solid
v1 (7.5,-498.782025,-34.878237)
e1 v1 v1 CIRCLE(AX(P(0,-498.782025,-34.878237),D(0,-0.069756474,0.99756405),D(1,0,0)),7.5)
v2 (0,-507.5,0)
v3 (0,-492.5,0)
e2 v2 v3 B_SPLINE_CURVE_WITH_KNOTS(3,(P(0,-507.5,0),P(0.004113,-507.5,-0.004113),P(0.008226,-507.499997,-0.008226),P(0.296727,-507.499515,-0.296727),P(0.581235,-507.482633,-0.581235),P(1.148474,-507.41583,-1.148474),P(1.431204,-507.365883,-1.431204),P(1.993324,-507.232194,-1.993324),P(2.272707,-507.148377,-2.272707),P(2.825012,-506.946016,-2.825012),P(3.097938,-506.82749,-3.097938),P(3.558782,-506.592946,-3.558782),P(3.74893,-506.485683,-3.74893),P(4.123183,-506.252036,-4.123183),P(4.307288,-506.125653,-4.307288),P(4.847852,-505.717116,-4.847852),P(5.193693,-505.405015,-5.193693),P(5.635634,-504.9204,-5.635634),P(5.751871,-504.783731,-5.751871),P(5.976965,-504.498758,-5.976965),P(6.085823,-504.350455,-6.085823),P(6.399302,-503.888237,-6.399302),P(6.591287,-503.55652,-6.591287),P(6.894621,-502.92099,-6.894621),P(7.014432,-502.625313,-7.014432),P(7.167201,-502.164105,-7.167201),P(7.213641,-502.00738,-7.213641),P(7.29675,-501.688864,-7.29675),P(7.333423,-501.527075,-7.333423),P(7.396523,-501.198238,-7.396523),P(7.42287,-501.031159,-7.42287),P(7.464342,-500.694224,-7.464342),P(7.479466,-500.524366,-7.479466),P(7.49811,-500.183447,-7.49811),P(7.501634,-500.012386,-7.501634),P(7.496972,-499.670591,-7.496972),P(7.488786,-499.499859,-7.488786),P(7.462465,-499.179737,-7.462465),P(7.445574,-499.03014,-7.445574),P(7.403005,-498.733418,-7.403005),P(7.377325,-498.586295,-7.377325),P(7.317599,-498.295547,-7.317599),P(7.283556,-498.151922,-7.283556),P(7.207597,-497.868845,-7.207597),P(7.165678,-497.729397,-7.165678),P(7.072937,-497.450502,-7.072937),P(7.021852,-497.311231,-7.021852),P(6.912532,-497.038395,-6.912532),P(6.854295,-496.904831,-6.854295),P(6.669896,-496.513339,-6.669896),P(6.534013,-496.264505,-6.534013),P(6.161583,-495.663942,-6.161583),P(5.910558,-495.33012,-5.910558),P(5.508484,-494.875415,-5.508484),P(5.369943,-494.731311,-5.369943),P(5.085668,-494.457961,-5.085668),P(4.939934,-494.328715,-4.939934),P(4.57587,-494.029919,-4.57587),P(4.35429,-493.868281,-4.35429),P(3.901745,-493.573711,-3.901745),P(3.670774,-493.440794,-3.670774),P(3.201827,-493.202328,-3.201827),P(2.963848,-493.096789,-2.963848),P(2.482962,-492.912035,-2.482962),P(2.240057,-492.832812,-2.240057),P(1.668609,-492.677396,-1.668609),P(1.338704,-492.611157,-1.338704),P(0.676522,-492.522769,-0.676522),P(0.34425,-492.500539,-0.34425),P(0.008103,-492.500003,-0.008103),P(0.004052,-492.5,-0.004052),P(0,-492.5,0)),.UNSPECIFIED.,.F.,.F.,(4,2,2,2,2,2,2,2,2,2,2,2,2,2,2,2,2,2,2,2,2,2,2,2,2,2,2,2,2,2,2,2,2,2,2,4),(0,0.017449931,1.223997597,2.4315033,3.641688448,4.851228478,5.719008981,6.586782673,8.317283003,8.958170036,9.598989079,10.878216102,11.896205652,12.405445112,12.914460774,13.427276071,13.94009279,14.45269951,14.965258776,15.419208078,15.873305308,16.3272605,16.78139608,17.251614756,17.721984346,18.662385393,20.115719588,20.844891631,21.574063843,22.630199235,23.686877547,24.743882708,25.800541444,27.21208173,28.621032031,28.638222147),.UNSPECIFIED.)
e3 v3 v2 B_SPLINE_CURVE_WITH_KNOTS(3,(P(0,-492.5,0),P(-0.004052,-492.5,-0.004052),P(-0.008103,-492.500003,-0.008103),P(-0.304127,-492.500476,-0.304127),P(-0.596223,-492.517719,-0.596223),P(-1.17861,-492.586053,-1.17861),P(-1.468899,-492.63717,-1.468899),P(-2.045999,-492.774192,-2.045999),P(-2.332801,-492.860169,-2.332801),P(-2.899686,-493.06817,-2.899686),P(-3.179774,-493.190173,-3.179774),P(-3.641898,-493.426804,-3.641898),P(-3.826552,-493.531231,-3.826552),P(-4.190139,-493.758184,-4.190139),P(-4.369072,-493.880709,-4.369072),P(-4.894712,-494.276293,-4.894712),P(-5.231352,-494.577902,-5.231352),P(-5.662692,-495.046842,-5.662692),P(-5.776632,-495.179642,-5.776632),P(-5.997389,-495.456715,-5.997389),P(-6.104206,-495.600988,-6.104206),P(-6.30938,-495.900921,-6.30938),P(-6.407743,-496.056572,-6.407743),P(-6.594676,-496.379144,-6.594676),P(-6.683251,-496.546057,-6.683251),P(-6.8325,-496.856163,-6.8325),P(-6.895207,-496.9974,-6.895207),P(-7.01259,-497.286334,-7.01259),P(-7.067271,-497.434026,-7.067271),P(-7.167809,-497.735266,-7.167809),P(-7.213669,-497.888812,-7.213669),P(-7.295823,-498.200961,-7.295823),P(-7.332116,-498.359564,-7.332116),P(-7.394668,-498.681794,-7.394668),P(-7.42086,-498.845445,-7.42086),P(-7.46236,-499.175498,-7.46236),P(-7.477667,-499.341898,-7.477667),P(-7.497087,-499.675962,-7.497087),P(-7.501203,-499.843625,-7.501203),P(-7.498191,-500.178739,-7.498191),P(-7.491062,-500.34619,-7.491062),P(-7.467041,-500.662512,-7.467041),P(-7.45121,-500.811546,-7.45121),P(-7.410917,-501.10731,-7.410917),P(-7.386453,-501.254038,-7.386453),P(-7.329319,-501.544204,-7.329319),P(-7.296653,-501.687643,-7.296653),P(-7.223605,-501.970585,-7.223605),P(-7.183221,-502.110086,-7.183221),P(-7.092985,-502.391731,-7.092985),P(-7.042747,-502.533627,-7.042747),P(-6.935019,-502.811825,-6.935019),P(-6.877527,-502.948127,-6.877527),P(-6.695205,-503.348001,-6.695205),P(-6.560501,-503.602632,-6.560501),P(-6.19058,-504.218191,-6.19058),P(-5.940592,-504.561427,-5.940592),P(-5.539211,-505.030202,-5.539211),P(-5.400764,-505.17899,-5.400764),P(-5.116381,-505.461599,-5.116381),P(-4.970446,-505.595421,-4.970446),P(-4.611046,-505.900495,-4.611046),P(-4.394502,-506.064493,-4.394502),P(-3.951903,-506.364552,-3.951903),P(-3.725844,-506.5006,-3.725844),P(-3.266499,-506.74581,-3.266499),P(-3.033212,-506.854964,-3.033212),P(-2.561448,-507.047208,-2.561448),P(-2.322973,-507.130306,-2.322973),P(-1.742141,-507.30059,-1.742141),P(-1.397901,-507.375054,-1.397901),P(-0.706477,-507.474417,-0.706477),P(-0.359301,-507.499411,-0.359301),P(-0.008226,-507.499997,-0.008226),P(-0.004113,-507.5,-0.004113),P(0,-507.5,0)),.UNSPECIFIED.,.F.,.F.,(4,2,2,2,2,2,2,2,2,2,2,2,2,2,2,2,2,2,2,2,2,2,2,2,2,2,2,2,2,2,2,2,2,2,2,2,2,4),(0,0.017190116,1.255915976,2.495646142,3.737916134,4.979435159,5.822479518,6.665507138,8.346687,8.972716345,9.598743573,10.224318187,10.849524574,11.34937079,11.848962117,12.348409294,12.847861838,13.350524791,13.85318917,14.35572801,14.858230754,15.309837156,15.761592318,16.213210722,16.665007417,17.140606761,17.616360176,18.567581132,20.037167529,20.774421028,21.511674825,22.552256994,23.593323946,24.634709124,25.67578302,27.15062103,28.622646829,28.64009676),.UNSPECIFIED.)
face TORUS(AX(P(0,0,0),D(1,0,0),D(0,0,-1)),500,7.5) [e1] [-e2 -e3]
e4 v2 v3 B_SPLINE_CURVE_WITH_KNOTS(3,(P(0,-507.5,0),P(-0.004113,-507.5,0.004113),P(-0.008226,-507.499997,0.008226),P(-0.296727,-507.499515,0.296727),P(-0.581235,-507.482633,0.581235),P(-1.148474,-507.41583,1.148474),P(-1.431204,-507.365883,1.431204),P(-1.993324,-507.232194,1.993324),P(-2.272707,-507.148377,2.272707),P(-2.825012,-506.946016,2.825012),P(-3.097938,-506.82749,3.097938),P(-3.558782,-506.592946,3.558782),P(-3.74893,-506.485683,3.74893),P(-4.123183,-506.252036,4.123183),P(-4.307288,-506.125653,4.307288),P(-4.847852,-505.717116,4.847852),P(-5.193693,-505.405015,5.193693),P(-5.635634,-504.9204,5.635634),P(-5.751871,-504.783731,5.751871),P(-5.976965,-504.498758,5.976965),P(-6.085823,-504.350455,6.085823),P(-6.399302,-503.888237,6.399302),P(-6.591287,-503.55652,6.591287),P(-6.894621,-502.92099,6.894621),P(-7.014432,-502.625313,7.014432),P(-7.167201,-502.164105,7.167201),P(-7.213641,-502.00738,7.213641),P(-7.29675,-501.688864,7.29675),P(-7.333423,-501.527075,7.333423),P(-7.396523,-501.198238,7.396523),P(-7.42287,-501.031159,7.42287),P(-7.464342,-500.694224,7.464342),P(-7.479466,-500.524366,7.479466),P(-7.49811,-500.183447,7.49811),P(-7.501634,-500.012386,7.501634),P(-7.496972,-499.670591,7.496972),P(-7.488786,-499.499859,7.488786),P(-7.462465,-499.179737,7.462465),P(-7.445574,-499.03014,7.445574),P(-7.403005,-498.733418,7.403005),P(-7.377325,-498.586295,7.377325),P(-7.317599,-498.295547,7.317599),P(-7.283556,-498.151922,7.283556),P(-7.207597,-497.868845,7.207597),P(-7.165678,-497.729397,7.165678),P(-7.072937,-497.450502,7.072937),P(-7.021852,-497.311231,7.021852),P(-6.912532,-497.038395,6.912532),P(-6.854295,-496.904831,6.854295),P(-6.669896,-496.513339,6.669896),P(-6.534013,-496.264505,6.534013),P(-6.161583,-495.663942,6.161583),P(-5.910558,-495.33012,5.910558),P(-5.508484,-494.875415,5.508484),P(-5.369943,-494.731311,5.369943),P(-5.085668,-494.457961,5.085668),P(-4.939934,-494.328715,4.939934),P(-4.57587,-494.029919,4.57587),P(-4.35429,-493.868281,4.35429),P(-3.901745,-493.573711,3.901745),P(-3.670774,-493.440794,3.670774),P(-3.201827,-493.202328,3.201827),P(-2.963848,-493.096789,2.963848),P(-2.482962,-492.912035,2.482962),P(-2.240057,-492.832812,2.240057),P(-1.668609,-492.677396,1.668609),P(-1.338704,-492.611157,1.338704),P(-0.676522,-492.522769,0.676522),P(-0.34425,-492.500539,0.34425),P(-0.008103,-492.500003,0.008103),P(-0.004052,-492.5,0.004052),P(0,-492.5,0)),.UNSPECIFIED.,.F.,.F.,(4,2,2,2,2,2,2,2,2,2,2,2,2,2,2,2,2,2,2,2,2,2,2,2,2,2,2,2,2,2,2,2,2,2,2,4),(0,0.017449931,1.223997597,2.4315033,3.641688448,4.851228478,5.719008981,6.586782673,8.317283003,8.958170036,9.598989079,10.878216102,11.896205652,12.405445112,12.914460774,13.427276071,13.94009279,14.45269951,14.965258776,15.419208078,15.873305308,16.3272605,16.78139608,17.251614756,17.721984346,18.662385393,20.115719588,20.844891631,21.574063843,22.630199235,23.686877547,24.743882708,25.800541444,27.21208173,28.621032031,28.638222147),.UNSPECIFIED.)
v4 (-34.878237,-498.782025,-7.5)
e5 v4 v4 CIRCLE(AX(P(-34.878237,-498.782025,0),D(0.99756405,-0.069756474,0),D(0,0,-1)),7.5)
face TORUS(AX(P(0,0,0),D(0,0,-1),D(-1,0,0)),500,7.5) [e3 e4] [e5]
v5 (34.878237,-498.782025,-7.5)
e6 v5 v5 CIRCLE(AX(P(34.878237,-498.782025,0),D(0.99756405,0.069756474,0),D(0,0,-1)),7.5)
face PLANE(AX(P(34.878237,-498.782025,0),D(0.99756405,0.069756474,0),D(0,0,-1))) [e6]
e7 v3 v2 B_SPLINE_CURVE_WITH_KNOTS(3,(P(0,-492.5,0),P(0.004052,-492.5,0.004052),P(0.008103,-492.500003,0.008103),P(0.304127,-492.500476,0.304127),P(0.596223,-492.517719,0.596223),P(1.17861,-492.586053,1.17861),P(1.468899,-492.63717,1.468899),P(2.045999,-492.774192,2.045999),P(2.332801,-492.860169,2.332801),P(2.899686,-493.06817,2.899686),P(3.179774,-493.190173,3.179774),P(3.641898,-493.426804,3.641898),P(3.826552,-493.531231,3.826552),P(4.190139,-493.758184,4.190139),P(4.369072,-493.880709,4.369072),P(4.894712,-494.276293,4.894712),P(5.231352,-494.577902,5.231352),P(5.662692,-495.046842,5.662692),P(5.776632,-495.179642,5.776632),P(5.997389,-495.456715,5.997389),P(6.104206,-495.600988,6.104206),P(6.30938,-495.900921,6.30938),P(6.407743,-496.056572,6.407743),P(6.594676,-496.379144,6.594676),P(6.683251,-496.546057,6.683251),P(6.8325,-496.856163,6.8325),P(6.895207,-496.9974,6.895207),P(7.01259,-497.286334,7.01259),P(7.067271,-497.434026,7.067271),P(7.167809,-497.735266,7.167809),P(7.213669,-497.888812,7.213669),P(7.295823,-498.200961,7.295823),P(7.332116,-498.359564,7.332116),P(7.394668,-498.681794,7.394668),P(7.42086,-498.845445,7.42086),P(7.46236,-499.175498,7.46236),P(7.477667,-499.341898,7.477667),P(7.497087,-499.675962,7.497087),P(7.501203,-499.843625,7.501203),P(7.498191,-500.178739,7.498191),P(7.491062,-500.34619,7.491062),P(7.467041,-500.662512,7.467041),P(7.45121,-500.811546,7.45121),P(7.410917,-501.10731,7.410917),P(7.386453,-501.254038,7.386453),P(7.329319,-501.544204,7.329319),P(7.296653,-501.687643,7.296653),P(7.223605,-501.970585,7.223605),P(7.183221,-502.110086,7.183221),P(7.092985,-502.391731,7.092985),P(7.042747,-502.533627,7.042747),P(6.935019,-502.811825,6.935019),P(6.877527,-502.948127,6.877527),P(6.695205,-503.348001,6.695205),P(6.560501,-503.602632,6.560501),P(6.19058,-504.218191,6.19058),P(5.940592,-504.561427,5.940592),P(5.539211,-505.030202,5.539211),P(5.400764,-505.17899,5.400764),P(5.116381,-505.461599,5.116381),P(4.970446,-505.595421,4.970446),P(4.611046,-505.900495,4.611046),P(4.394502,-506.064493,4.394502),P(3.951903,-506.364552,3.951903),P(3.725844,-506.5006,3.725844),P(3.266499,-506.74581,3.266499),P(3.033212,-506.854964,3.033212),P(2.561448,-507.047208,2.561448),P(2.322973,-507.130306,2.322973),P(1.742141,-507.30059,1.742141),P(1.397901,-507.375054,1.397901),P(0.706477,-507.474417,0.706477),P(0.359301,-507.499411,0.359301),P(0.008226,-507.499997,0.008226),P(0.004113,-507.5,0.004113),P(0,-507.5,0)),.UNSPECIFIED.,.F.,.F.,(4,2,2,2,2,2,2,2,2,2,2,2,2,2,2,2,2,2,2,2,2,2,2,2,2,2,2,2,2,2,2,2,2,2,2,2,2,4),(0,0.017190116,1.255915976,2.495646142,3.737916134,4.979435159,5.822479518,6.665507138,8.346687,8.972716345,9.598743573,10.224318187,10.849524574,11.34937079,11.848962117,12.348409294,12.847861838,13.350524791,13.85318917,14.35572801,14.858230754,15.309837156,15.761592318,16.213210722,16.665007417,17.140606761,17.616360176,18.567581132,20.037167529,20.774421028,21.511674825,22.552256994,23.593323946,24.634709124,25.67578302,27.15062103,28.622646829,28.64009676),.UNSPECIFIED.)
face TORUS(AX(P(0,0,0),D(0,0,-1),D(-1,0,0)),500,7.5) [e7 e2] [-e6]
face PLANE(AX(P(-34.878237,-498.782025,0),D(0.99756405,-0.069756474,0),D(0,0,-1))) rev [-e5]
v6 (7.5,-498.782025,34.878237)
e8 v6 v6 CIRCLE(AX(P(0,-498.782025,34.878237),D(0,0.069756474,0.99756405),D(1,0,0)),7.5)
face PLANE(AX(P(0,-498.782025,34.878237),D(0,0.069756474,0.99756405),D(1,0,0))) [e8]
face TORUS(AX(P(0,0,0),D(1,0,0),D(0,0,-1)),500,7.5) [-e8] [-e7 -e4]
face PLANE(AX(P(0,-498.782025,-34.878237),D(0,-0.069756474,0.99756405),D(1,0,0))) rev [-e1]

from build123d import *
from build123d.topology import SkipClean

# Parameters (mm, degrees)
SKETCH3_R                = 7.5
REVOLVE1_ANGLE           = 4
REVOLVE1_OTHER_WAY_ANGLE = 4
SKETCH4_R                = 7.5
REVOLVE2_ANGLE           = 4
REVOLVE2_OTHER_WAY_ANGLE = 4


with BuildPart() as part:
    # Sketch3 → Revolve1 (revolve)
    with BuildSketch(Plane.XY):
        with Locations((0, -500)):
            Circle(SKETCH3_R)
    revolve(axis=Axis((8.68934, 0, 0), (-1, 0, 0)), revolution_arc=REVOLVE1_ANGLE)

    # Sketch3 → Revolve1 other way (revolve)
    with SkipClean():  # the faces are left unmerged after this step: merging them gives an invalid solid
        with BuildSketch(Plane.XY):
            with Locations((0, -500)):
                Circle(SKETCH3_R)
        revolve(axis=Axis((8.68934, 0, 0), (1, 0, 0)), revolution_arc=REVOLVE1_OTHER_WAY_ANGLE)

    # Sketch4 → Revolve2 (revolve)
    with SkipClean():  # the faces are left unmerged after this step: merging them gives an invalid solid
        with BuildSketch(Plane(origin=(0, 0, 0), x_dir=(0, 0, -1), z_dir=(1, 0, 0))):
            with Locations((0, -500)):
                Circle(SKETCH4_R)
        revolve(axis=Axis((0, 0, -38.972198277), (0, 0, 1)), revolution_arc=REVOLVE2_ANGLE)

    # Sketch4 → Revolve2 other way (revolve)
    with BuildSketch(Plane(origin=(0, 0, 0), x_dir=(0, 0, -1), z_dir=(1, 0, 0))):
        with Locations((0, -500)):
            Circle(SKETCH4_R)
    revolve(axis=Axis((0, 0, -38.972198277), (0, 0, -1)), revolution_arc=REVOLVE2_OTHER_WAY_ANGLE)


solid = part.part
